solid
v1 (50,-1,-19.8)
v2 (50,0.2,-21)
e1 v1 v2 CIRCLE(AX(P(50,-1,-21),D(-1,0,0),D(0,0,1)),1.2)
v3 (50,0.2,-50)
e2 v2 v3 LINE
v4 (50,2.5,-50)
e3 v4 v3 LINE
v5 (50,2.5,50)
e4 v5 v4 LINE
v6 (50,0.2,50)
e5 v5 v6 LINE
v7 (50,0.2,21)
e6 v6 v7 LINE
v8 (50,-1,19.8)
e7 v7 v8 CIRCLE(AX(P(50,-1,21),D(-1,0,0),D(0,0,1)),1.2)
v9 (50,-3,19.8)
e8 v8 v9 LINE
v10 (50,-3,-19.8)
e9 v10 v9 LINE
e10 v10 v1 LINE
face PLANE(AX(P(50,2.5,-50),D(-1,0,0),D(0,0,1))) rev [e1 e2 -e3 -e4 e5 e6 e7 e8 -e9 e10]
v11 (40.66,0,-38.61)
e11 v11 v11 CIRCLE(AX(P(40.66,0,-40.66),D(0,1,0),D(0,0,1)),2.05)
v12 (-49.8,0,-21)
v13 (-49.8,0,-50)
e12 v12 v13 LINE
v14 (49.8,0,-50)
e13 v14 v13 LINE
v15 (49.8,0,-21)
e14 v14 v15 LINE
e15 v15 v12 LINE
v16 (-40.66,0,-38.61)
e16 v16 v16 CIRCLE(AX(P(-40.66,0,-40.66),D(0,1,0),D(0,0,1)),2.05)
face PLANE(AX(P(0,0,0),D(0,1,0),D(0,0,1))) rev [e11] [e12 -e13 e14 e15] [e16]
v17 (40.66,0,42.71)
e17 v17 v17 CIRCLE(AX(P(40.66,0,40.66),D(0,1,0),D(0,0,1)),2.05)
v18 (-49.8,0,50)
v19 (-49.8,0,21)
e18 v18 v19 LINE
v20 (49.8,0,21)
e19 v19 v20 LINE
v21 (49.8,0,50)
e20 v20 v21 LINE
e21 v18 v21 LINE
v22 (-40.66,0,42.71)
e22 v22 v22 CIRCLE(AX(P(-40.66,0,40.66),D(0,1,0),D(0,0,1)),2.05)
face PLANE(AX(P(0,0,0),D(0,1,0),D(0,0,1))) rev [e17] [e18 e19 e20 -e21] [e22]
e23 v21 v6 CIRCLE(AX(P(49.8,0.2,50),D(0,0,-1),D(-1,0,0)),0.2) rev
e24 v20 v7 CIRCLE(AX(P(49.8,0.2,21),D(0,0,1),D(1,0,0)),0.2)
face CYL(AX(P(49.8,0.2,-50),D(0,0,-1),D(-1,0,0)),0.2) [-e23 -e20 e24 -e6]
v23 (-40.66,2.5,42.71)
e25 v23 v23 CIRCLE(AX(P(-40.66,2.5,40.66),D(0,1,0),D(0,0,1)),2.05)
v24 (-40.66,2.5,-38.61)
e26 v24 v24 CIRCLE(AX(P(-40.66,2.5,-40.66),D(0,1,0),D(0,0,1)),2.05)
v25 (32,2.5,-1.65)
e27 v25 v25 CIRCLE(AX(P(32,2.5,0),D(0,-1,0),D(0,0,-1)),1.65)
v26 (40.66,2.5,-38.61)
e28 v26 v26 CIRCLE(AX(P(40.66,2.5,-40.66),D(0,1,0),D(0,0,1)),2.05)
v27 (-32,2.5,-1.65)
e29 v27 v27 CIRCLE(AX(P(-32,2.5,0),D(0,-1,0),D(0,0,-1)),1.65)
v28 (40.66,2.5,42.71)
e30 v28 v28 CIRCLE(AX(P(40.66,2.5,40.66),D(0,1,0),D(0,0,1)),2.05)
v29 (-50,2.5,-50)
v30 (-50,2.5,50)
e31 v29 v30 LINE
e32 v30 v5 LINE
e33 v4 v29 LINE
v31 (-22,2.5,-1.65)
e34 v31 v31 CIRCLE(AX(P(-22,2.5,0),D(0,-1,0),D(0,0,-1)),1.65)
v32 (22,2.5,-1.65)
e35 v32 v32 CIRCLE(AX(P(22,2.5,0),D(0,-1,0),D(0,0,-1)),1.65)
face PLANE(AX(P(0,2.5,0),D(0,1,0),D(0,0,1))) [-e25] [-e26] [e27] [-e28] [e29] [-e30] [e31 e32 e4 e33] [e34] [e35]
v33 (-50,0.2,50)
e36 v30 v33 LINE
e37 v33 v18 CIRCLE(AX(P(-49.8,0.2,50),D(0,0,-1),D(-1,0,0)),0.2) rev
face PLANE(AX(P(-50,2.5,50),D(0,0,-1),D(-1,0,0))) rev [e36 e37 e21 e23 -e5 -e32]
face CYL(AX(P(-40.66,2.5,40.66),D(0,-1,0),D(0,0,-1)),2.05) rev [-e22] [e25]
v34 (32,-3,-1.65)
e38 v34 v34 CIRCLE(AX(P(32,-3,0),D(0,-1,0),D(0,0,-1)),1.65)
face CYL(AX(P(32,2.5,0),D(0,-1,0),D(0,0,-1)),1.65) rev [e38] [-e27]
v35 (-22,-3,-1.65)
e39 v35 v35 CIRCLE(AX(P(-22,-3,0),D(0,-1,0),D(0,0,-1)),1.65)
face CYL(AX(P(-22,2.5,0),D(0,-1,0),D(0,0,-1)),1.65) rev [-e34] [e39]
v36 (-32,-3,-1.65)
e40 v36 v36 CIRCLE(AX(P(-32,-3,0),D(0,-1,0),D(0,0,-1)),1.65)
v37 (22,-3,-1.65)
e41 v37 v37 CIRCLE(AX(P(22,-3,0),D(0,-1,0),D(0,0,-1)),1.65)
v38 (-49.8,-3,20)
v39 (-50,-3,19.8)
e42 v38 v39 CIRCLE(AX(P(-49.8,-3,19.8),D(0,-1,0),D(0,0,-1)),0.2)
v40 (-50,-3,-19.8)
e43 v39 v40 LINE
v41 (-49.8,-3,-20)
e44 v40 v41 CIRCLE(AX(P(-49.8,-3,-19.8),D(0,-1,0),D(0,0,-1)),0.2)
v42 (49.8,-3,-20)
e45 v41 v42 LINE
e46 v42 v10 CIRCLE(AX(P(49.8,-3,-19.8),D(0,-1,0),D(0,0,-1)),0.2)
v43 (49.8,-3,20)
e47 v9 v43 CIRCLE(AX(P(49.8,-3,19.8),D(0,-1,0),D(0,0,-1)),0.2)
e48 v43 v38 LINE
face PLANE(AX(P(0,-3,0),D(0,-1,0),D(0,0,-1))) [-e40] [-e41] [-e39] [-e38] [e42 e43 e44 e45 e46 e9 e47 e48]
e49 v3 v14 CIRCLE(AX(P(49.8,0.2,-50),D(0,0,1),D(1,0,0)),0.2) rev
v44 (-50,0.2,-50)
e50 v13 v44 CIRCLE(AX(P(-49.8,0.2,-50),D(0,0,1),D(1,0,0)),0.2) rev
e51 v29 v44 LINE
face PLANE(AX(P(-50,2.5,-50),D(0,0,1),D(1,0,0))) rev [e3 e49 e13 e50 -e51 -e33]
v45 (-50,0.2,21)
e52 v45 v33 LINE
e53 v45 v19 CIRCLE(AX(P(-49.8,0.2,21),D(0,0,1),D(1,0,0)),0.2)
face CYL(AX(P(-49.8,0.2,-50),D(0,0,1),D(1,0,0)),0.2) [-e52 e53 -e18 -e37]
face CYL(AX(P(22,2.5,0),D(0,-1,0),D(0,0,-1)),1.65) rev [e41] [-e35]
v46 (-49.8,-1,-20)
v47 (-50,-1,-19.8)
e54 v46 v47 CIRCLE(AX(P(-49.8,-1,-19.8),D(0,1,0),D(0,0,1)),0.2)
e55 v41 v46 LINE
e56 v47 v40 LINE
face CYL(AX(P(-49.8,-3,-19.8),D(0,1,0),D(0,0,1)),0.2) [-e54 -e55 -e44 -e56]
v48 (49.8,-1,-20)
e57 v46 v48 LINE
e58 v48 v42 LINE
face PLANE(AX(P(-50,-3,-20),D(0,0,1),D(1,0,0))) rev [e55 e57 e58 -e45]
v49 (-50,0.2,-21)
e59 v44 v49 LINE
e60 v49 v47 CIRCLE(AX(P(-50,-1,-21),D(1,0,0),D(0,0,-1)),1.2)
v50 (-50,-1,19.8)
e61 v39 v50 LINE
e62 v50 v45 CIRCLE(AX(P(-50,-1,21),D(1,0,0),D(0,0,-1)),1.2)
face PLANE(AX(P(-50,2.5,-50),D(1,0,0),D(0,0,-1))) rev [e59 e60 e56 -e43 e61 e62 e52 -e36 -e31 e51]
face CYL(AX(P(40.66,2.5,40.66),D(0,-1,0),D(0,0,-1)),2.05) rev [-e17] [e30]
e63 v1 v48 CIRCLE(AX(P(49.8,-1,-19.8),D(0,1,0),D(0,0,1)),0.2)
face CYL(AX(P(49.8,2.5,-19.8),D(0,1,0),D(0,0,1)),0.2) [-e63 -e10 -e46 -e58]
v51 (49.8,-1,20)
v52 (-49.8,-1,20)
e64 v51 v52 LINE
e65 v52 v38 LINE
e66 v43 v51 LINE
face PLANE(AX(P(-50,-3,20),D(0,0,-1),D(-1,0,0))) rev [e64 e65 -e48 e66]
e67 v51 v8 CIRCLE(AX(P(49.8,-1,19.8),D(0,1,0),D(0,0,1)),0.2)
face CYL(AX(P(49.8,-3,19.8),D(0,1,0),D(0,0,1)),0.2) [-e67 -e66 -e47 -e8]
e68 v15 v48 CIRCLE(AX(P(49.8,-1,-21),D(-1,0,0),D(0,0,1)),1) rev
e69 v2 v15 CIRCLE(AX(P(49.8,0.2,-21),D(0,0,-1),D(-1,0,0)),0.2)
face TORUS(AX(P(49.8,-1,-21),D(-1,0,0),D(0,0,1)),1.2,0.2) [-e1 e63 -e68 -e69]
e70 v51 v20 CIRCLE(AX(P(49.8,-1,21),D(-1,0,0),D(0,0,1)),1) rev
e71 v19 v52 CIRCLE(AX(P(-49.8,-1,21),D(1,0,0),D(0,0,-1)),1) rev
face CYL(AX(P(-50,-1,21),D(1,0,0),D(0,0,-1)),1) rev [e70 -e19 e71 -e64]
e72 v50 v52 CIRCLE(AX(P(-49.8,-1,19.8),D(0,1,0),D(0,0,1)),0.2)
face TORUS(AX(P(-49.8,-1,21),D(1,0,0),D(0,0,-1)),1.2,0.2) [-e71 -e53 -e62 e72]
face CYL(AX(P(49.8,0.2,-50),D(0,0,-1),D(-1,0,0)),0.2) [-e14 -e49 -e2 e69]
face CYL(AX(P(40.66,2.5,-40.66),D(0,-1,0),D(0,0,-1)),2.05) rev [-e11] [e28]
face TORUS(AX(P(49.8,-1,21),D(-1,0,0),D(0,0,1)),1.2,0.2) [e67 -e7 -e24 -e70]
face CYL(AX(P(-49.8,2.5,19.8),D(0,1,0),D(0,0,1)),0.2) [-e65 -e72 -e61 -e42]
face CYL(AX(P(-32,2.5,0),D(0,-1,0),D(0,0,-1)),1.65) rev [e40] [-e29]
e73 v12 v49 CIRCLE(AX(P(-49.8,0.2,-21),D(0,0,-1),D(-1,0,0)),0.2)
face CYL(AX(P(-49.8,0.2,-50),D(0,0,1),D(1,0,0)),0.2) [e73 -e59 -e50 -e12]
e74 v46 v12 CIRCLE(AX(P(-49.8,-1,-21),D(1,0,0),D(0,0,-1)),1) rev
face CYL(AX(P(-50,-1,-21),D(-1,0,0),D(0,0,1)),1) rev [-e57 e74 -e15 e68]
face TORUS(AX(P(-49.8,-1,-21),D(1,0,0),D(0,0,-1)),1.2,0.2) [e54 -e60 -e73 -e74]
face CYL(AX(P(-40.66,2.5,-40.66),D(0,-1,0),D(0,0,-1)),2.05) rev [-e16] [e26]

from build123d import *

# Parameters (mm, degrees)
SKETCH1_W           = 100
SKETCH1_H           = 100
SKETCH1_R           = 2.05
BOSS_EXTRUDE1_DEPTH = 2.5
SKETCH3_W           = 100
SKETCH3_H           = 40
BOSS_EXTRUDE2_DEPTH = 3
FILLET2_R           = 1
FILLET4_R           = 0.2
SKETCH4_R           = 1.65
CUT_EXTRUDE1_DEPTH  = 71.924255371


with BuildPart() as part:
    # Sketch1 → Boss-Extrude1 (new body)
    with BuildSketch(Plane(origin=(0, 0, 0), x_dir=(1, 0, 0), z_dir=(0, 1, 0))):
        Rectangle(SKETCH1_W, SKETCH1_H)
        with Locations(Location((-40.66, 40.66, 0), (0, 0, 270))):
            Circle(SKETCH1_R, mode=Mode.SUBTRACT)
        with Locations(Location((40.66, 40.66, 0), (0, 0, 270))):
            Circle(SKETCH1_R, mode=Mode.SUBTRACT)
        with Locations(Location((40.66, -40.66, 0), (0, 0, 270))):
            Circle(SKETCH1_R, mode=Mode.SUBTRACT)
        with Locations(Location((-40.66, -40.66, 0), (0, 0, 270))):
            Circle(SKETCH1_R, mode=Mode.SUBTRACT)
    extrude(amount=BOSS_EXTRUDE1_DEPTH)

    # Sketch3 → Boss-Extrude2 (add)
    with BuildSketch(Plane.XZ):
        Rectangle(SKETCH3_W, SKETCH3_H)
    extrude(amount=BOSS_EXTRUDE2_DEPTH)

    # Fillet2
    fillet2_edges = [part.edges().sort_by_distance(p)[0] for p in [
        (0, 0, 20),
        (0, 0, -20),
    ]]
    fillet(fillet2_edges, radius=FILLET2_R)

    # Fillet4
    fillet4_edges = [part.edges().sort_by_distance(p)[0] for p in [
        (50, -2, -20),
        (50, -2, 20),
        (-50, -2, 20),
        (-50, -2, -20),
        (50, 0, -35.5),
        (-50, 0, 35.5),
        (50, -0.292893219, -20.292893219),
        (-50, -0.292893219, -20.292893219),
        (-50, -0.292893219, 20.292893219),
        (50, -0.292893219, 20.292893219),
        (-50, 0, -35.5),
        (50, 0, 35.5),
    ]]
    fillet(fillet4_edges, radius=FILLET4_R)

    # Sketch4 → Cut-Extrude1 (cut, through all)
    with BuildSketch(Plane.XZ.offset(3)):
        with Locations(Location((-32, 0, 0), (0, 0, 270))):
            Circle(SKETCH4_R)
        with Locations(Location((-22, 0, 0), (0, 0, 270))):
            Circle(SKETCH4_R)
        with Locations(Location((22, 0, 0), (0, 0, 270))):
            Circle(SKETCH4_R)
        with Locations(Location((32, 0, 0), (0, 0, 270))):
            Circle(SKETCH4_R)
    extrude(amount=-CUT_EXTRUDE1_DEPTH, mode=Mode.SUBTRACT)


solid = part.part
